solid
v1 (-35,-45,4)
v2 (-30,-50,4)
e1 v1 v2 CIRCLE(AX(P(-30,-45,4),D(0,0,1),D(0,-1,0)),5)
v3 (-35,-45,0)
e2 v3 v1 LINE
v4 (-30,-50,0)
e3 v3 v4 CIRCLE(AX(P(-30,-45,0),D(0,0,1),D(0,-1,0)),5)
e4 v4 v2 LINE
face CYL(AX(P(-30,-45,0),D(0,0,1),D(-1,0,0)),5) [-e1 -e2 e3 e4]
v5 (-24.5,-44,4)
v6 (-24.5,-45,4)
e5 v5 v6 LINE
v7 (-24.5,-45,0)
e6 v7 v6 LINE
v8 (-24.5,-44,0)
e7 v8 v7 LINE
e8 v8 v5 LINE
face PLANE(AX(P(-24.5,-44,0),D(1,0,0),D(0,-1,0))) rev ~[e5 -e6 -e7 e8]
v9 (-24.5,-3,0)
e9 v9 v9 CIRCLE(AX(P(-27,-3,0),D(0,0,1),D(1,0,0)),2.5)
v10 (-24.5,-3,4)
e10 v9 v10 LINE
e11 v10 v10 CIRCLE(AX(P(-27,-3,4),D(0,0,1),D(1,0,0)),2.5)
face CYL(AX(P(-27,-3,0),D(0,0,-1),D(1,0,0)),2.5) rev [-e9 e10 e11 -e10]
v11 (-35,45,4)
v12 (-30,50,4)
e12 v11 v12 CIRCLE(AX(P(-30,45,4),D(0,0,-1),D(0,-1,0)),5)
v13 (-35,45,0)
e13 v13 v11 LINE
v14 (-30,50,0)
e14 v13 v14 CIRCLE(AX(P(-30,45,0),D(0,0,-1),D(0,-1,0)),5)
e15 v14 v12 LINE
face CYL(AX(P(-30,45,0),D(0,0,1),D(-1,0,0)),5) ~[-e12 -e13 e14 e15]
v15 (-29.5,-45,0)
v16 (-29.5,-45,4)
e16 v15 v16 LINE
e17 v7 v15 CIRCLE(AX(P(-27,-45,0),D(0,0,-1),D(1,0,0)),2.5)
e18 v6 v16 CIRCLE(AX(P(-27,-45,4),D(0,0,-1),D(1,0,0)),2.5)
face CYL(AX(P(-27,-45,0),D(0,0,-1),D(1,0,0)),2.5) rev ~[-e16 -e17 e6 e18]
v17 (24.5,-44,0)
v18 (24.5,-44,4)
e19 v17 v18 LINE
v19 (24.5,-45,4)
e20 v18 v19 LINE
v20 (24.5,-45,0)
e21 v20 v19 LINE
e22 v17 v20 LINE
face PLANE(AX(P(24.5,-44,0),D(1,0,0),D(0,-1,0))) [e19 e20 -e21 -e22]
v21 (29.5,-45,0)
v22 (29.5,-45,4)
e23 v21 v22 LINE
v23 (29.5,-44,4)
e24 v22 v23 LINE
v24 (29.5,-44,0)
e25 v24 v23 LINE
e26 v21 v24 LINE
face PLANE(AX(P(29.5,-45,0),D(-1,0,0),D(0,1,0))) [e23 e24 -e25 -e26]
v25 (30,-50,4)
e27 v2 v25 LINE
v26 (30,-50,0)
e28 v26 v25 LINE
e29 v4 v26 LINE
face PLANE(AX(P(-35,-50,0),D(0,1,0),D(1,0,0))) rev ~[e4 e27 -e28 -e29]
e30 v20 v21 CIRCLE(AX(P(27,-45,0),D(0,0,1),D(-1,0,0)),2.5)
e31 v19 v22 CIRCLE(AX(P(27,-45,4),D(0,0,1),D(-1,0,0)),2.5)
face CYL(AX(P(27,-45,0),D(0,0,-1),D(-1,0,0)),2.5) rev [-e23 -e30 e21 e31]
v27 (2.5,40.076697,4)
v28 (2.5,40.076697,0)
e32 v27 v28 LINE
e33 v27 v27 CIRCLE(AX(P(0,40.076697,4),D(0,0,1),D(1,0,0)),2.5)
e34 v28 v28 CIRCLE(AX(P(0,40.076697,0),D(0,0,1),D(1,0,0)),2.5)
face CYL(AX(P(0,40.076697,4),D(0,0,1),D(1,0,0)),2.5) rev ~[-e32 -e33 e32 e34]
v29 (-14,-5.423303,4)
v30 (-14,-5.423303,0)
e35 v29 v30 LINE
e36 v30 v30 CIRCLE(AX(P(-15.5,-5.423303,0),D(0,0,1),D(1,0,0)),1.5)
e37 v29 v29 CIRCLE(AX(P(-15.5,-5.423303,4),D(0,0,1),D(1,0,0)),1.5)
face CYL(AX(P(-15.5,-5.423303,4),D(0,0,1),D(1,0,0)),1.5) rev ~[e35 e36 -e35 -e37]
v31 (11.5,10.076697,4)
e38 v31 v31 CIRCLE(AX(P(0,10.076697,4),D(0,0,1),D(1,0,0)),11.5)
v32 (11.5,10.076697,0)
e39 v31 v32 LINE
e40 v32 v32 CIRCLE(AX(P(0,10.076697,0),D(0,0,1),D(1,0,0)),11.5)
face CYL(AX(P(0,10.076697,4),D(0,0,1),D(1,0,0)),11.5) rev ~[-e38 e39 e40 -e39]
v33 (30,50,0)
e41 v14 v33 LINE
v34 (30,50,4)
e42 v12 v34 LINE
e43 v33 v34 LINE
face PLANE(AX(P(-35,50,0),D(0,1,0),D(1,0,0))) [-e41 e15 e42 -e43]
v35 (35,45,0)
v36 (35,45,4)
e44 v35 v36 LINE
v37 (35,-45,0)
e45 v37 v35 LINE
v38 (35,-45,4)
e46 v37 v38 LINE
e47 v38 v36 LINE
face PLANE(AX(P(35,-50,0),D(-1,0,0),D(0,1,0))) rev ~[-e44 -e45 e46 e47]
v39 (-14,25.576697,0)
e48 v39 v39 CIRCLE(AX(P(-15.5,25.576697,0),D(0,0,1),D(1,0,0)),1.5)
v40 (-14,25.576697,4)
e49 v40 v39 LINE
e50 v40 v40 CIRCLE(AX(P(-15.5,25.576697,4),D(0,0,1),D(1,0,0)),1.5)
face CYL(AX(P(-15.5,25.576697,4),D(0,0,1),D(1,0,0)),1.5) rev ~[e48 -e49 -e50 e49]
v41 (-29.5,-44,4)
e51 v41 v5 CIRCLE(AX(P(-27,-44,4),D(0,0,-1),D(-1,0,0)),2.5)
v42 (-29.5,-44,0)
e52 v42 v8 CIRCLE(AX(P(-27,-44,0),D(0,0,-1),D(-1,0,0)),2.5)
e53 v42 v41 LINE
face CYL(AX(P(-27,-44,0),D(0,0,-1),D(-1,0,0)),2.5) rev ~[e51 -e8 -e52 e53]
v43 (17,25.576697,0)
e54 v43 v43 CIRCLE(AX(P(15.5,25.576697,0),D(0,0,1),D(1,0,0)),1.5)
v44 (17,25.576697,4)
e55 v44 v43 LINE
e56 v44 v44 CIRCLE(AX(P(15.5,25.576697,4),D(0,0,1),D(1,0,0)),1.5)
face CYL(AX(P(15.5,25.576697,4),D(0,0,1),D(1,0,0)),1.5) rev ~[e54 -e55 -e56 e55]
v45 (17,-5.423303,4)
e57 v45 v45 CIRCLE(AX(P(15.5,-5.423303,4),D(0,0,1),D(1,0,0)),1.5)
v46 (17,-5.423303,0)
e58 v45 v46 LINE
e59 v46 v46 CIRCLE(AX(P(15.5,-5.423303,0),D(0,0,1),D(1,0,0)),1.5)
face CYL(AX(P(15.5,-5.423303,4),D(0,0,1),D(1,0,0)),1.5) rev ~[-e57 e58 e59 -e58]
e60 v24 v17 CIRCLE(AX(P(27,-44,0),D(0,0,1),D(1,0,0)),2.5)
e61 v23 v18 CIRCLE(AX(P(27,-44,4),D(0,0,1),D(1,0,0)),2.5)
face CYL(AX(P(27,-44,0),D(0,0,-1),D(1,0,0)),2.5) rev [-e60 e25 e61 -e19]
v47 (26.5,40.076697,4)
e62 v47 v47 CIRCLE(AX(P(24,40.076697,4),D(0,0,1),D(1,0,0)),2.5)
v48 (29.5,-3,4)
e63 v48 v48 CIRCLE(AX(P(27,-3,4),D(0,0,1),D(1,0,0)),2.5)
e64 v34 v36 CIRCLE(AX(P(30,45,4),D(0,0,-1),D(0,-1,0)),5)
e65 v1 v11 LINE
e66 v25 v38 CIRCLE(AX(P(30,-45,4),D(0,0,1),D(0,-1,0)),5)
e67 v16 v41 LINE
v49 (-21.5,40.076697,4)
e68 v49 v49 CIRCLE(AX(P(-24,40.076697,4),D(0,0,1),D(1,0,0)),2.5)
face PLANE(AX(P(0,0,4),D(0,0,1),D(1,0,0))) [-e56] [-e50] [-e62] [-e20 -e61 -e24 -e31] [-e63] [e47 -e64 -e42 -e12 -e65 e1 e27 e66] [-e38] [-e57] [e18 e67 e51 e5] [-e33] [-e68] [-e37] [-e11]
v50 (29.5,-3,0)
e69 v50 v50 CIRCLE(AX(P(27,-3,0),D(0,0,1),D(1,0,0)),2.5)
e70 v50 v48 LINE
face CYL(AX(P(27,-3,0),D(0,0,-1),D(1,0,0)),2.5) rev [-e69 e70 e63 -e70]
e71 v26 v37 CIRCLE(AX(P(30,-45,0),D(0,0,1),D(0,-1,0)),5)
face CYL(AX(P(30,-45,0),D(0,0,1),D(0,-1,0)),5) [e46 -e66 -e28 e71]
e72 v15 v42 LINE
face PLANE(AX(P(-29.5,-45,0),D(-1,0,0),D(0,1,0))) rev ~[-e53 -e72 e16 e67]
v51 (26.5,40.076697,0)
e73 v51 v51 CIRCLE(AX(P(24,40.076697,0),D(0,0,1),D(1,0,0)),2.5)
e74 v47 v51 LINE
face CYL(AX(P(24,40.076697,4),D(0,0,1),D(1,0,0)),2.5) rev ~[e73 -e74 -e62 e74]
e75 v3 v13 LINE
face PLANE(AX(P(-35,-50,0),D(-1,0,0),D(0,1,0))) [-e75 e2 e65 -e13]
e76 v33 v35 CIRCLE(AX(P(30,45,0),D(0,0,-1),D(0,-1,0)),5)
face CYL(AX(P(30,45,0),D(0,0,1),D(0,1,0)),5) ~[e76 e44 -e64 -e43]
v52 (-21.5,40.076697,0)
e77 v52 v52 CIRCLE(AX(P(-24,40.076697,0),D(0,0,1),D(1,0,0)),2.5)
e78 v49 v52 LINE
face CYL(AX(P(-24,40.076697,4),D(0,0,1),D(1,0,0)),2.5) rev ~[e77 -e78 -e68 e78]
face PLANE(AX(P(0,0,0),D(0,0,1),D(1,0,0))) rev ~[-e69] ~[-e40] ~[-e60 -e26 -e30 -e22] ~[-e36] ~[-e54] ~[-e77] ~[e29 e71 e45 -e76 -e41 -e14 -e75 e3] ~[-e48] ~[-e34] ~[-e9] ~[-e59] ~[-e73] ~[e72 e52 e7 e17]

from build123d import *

# Parameters (mm, degrees)
SKETCH4_W           = 70
SKETCH4_H           = 100
SKETCH4_R           = 2.5
BOSS_EXTRUDE2_DEPTH = 4
SKETCH5_R           = 11.5
SKETCH5_R_2         = 1.5
CUT_EXTRUDE2_DEPTH  = 5
SKETCH6_R           = 2.5
CUT_EXTRUDE3_DEPTH  = 5
FILLET1_R           = 5


with BuildPart() as part:
    # Sketch4 → Boss-Extrude2 (new body)
    with BuildSketch(Plane.XY):
        Rectangle(SKETCH4_W, SKETCH4_H)
        with Locations((-27, -3)):
            Circle(SKETCH4_R, mode=Mode.SUBTRACT)
        with Locations((27, -3)):
            Circle(SKETCH4_R, mode=Mode.SUBTRACT)
        with BuildLine():
            Line((-24.5, -44), (-24.5, -45))
            ThreePointArc((-24.5, -45), (-27, -47.5), (-29.5, -45))
            Line((-29.5, -45), (-29.5, -44))
            ThreePointArc((-29.5, -44), (-27, -41.5), (-24.5, -44))
        make_face(mode=Mode.SUBTRACT)
        with BuildLine():
            Line((24.5, -44), (24.5, -45))
            ThreePointArc((24.5, -45), (27, -47.5), (29.5, -45))
            Line((29.5, -45), (29.5, -44))
            ThreePointArc((29.5, -44), (27, -41.5), (24.5, -44))
        make_face(mode=Mode.SUBTRACT)
    extrude(amount=BOSS_EXTRUDE2_DEPTH)

    # Sketch5 → Cut-Extrude2 (cut, through all)
    with BuildSketch(Plane.XY.offset(4)):
        with Locations((0, 10.076696831)):
            Circle(SKETCH5_R)
        with Locations((-15.5, 25.576696831)):
            Circle(SKETCH5_R_2)
        with Locations((15.5, 25.576696831)):
            Circle(SKETCH5_R_2)
        with Locations((15.5, -5.423303169)):
            Circle(SKETCH5_R_2)
        with Locations((-15.5, -5.423303169)):
            Circle(SKETCH5_R_2)
    extrude(amount=-CUT_EXTRUDE2_DEPTH, mode=Mode.SUBTRACT)

    # Sketch6 → Cut-Extrude3 (cut, through all)
    with BuildSketch(Plane.XY.offset(4)):
        with Locations((24, 40.076696831)):
            Circle(SKETCH6_R)
        with Locations((-24, 40.076696831)):
            Circle(SKETCH6_R)
        with Locations((0, 40.076696831)):
            Circle(SKETCH6_R)
    extrude(amount=-CUT_EXTRUDE3_DEPTH, mode=Mode.SUBTRACT)

    # Fillet1
    fillet1_edges = [part.edges().sort_by_distance(p)[0] for p in [
        (35, -50, 2),
        (-35, -50, 2),
        (-35, 50, 2),
        (35, 50, 2),
    ]]
    fillet(fillet1_edges, radius=FILLET1_R)


solid = part.part
